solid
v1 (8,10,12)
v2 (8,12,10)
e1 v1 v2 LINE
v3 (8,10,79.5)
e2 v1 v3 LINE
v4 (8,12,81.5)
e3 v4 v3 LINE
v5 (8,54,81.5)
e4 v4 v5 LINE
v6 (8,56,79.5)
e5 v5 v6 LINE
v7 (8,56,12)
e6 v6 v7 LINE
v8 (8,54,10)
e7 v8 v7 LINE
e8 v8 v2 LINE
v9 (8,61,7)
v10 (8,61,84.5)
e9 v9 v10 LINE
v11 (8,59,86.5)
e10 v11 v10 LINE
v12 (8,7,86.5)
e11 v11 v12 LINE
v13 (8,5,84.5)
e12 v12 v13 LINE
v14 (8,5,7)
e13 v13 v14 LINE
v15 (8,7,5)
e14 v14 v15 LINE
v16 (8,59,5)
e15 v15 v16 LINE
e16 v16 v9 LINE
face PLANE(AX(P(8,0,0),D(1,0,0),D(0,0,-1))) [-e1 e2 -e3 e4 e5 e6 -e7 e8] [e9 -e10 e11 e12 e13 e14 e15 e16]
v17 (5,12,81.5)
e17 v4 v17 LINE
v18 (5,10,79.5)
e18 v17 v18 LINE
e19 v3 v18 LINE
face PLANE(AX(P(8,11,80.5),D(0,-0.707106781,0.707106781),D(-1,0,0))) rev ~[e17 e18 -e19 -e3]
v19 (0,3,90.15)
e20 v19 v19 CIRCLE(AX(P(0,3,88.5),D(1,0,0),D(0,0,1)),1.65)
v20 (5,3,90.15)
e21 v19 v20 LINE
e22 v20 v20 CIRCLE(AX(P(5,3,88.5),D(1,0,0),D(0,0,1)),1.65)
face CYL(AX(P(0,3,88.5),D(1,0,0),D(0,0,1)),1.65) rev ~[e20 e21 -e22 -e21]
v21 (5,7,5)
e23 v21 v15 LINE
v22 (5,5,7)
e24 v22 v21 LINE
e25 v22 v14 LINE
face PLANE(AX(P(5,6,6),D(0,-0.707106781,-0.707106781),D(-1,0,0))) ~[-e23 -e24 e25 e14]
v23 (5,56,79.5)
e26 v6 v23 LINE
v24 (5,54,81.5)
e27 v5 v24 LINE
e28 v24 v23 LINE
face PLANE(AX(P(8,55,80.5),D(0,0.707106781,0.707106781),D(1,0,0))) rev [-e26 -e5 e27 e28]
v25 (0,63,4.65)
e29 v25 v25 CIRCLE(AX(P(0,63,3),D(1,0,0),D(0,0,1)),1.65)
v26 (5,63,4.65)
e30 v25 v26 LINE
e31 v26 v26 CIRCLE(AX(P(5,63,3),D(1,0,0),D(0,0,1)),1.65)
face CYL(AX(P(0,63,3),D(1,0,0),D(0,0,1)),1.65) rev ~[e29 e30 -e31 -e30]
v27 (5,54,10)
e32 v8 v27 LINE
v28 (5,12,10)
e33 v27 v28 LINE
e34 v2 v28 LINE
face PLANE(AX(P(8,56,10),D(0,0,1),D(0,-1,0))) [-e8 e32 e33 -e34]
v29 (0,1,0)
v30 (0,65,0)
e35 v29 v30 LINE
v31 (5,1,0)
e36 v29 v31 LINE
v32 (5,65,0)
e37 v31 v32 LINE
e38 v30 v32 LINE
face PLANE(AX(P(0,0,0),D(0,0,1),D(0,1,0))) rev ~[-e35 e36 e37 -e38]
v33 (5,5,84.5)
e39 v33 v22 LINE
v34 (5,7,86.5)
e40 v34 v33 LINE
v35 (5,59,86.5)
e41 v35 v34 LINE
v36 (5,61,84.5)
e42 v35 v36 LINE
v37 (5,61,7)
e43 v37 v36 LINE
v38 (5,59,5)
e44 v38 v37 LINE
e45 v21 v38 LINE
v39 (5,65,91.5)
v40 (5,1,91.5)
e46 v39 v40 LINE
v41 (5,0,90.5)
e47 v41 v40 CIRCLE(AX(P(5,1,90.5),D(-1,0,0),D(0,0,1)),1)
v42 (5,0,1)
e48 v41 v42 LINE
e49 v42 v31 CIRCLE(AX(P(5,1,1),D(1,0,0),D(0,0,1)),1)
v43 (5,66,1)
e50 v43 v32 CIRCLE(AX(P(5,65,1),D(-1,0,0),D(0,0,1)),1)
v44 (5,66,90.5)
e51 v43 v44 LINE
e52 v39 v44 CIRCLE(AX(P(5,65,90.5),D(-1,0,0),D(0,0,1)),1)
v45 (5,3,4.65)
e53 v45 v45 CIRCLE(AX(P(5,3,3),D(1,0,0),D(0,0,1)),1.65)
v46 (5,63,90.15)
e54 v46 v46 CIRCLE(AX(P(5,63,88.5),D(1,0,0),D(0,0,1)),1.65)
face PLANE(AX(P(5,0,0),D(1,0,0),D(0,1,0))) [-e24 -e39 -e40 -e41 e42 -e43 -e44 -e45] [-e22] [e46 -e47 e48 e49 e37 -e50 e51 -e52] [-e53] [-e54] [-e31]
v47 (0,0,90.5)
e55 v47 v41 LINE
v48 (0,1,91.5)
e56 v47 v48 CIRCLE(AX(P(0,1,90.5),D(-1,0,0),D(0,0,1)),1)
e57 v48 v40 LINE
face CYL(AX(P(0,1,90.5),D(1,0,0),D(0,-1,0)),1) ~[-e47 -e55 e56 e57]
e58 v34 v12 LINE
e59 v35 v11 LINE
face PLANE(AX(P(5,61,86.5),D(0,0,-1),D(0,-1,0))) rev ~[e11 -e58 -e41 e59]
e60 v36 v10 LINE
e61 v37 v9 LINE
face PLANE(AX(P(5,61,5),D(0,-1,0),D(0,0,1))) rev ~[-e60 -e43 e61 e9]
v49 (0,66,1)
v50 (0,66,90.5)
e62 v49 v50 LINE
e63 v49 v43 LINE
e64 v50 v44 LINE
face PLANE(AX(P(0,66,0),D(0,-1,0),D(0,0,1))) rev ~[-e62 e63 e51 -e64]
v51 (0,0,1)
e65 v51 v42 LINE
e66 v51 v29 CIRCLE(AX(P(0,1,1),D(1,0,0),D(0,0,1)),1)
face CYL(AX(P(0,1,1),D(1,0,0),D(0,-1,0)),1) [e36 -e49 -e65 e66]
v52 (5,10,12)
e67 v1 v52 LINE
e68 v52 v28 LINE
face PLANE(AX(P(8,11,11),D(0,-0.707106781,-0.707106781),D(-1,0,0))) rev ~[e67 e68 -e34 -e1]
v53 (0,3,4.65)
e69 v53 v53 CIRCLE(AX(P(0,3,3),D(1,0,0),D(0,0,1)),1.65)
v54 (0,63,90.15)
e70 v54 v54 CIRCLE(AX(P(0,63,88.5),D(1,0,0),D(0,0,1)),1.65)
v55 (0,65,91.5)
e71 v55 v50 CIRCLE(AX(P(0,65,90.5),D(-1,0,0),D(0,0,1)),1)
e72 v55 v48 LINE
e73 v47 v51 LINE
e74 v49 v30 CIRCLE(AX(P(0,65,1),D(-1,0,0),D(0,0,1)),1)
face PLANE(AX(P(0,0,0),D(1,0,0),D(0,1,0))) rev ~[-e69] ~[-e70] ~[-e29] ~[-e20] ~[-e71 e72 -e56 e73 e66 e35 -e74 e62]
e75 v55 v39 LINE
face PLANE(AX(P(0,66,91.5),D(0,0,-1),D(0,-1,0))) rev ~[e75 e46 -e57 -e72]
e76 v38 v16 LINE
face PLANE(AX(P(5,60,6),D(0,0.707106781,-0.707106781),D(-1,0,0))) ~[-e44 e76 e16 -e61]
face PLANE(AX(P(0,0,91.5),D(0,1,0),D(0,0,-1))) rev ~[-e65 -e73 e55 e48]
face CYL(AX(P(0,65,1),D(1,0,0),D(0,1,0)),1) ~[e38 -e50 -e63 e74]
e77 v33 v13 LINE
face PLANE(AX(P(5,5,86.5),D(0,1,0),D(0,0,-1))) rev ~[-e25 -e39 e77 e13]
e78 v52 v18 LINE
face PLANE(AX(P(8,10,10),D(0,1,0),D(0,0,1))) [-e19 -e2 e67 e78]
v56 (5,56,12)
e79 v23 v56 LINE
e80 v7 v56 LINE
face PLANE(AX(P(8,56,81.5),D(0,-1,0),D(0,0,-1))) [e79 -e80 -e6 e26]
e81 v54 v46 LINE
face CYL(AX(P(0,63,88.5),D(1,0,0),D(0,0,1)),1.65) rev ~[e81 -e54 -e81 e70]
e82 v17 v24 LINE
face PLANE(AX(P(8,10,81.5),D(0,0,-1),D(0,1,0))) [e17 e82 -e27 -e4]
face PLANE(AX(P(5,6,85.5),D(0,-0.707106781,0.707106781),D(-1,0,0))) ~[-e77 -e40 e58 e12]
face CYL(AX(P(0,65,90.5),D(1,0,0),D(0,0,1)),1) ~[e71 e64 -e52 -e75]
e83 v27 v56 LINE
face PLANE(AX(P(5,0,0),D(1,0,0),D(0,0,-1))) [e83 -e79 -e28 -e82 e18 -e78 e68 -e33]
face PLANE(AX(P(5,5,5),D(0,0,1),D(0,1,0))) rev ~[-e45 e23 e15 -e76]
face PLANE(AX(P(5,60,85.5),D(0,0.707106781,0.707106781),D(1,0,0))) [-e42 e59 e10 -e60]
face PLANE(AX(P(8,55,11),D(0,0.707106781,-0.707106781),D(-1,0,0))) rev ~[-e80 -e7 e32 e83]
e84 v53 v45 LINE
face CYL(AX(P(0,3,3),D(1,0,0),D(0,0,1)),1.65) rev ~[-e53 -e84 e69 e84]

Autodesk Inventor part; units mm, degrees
ref_plane "YZ Plane" through (0, 0, 0) normal (1, 0, 0) x (0, 1, 0)
ref_plane "XZ Plane" through (0, 0, 0) normal (0, 1, 0) x (-1, 0, 0)
ref_plane "XY Plane" through (0, 0, 0) normal (0, 0, 1) x (1, 0, 0)
sketch "Sketch1" plane through (0, 0, 0) normal (1, 0, 0) x (0, 1, 0)
  line L0 (0, 0) -> (66, 0)
  line L1 (66, 0) -> (66, 91.5)
  line L2 (66, 91.5) -> (0, 91.5)
  line L3 (0, 91.5) -> (0, 0)
  dimension "d0" = 91.5
  dimension "d1" = 66
extrude "Extrusion1" add sketch "Sketch1" along normal blind 5
fillet "Fillet1" radius 1 4 edges at (2.5, 0, 91.5) (2.5, 0, 0) (2.5, 66, 0) (2.5, 66, 91.5)
sketch "Sketch2" plane through (5, 0, 0) normal (1, 0, 0) x (0, 0, -1)
  line L0 (-86.5, 5) -> (-5, 5)
  line L1 (-5, 5) -> (-5, 61)
  line L2 (-5, 61) -> (-86.5, 61)
  line L3 (-86.5, 61) -> (-86.5, 5)
  line L4 (-90.5, 0) -> (-1, 0) projected
  line L5 (0, 1) -> (0, 65) projected
  line L6 (-1, 66) -> (-90.5, 66) projected
  line L7 (-91.5, 65) -> (-91.5, 1) projected
  point P0 (0, 0)
  dimension "d5" = 5
  dimension "d6" = 5
  dimension "d7" = 5
  dimension "d8" = 5
extrude "Extrusion2" add sketch "Sketch2" along normal blind 3
chamfer "Chamfer1" distance 2 angle 45 4 edges at (6.5, 61, 86.5) (6.5, 5, 86.5) (6.5, 5, 5) (6.5, 61, 5)
sketch "Sketch3" plane through (8, 0, 0) normal (1, 0, 0) x (0, 0, -1)
  line L0 (-81.5, 56) -> (-10, 56)
  line L1 (-10, 56) -> (-10, 10)
  line L2 (-10, 10) -> (-81.5, 10)
  line L3 (-81.5, 10) -> (-81.5, 56)
  line L4 (-5, 7) -> (-5, 59) projected
  line L5 (-7, 61) -> (-84.5, 61) projected
  line L6 (-86.5, 59) -> (-86.5, 7) projected
  line L7 (-84.5, 5) -> (-7, 5) projected
  point P0 (0, 0)
  dimension "d14" = 5
  dimension "d15" = 5
  dimension "d17" = 5
  dimension "d18" = 5
extrude "Extrusion3" cut sketch "Sketch3" against normal blind 3
chamfer "Chamfer2" distance 2 angle 45 4 edges at (6.5, 56, 81.5) (6.5, 56, 10) (6.5, 10, 81.5) (6.5, 10, 10)
sketch "Sketch4" plane through (0, 0, 0) normal (-1, 0, 0) x (0, 0, 1)
  line L0 (3, 3) -> (88.5, 3)
  line L1 (88.5, 3) -> (88.5, 63)
  line L2 (88.5, 63) -> (3, 63)
  line L3 (3, 63) -> (3, 3)
  line L4 (90.5, 0) -> (1, 0) projected
  line L5 (91.5, 65) -> (91.5, 1) projected
  line L6 (1, 66) -> (90.5, 66) projected
  line L7 (0, 1) -> (0, 65) projected
  point P0 (0, 0)
  dimension "d24" = 3
  dimension "d25" = 3
  dimension "d26" = 3
  dimension "d27" = 3
hole "Hole1" at (0, 63, 88.5) at (0, 3, 88.5) at (0, 3, 3) at (0, 63, 3) direction (1, 0, 0) diameter 3.3 end through all
properties part number "couverclePCB"
